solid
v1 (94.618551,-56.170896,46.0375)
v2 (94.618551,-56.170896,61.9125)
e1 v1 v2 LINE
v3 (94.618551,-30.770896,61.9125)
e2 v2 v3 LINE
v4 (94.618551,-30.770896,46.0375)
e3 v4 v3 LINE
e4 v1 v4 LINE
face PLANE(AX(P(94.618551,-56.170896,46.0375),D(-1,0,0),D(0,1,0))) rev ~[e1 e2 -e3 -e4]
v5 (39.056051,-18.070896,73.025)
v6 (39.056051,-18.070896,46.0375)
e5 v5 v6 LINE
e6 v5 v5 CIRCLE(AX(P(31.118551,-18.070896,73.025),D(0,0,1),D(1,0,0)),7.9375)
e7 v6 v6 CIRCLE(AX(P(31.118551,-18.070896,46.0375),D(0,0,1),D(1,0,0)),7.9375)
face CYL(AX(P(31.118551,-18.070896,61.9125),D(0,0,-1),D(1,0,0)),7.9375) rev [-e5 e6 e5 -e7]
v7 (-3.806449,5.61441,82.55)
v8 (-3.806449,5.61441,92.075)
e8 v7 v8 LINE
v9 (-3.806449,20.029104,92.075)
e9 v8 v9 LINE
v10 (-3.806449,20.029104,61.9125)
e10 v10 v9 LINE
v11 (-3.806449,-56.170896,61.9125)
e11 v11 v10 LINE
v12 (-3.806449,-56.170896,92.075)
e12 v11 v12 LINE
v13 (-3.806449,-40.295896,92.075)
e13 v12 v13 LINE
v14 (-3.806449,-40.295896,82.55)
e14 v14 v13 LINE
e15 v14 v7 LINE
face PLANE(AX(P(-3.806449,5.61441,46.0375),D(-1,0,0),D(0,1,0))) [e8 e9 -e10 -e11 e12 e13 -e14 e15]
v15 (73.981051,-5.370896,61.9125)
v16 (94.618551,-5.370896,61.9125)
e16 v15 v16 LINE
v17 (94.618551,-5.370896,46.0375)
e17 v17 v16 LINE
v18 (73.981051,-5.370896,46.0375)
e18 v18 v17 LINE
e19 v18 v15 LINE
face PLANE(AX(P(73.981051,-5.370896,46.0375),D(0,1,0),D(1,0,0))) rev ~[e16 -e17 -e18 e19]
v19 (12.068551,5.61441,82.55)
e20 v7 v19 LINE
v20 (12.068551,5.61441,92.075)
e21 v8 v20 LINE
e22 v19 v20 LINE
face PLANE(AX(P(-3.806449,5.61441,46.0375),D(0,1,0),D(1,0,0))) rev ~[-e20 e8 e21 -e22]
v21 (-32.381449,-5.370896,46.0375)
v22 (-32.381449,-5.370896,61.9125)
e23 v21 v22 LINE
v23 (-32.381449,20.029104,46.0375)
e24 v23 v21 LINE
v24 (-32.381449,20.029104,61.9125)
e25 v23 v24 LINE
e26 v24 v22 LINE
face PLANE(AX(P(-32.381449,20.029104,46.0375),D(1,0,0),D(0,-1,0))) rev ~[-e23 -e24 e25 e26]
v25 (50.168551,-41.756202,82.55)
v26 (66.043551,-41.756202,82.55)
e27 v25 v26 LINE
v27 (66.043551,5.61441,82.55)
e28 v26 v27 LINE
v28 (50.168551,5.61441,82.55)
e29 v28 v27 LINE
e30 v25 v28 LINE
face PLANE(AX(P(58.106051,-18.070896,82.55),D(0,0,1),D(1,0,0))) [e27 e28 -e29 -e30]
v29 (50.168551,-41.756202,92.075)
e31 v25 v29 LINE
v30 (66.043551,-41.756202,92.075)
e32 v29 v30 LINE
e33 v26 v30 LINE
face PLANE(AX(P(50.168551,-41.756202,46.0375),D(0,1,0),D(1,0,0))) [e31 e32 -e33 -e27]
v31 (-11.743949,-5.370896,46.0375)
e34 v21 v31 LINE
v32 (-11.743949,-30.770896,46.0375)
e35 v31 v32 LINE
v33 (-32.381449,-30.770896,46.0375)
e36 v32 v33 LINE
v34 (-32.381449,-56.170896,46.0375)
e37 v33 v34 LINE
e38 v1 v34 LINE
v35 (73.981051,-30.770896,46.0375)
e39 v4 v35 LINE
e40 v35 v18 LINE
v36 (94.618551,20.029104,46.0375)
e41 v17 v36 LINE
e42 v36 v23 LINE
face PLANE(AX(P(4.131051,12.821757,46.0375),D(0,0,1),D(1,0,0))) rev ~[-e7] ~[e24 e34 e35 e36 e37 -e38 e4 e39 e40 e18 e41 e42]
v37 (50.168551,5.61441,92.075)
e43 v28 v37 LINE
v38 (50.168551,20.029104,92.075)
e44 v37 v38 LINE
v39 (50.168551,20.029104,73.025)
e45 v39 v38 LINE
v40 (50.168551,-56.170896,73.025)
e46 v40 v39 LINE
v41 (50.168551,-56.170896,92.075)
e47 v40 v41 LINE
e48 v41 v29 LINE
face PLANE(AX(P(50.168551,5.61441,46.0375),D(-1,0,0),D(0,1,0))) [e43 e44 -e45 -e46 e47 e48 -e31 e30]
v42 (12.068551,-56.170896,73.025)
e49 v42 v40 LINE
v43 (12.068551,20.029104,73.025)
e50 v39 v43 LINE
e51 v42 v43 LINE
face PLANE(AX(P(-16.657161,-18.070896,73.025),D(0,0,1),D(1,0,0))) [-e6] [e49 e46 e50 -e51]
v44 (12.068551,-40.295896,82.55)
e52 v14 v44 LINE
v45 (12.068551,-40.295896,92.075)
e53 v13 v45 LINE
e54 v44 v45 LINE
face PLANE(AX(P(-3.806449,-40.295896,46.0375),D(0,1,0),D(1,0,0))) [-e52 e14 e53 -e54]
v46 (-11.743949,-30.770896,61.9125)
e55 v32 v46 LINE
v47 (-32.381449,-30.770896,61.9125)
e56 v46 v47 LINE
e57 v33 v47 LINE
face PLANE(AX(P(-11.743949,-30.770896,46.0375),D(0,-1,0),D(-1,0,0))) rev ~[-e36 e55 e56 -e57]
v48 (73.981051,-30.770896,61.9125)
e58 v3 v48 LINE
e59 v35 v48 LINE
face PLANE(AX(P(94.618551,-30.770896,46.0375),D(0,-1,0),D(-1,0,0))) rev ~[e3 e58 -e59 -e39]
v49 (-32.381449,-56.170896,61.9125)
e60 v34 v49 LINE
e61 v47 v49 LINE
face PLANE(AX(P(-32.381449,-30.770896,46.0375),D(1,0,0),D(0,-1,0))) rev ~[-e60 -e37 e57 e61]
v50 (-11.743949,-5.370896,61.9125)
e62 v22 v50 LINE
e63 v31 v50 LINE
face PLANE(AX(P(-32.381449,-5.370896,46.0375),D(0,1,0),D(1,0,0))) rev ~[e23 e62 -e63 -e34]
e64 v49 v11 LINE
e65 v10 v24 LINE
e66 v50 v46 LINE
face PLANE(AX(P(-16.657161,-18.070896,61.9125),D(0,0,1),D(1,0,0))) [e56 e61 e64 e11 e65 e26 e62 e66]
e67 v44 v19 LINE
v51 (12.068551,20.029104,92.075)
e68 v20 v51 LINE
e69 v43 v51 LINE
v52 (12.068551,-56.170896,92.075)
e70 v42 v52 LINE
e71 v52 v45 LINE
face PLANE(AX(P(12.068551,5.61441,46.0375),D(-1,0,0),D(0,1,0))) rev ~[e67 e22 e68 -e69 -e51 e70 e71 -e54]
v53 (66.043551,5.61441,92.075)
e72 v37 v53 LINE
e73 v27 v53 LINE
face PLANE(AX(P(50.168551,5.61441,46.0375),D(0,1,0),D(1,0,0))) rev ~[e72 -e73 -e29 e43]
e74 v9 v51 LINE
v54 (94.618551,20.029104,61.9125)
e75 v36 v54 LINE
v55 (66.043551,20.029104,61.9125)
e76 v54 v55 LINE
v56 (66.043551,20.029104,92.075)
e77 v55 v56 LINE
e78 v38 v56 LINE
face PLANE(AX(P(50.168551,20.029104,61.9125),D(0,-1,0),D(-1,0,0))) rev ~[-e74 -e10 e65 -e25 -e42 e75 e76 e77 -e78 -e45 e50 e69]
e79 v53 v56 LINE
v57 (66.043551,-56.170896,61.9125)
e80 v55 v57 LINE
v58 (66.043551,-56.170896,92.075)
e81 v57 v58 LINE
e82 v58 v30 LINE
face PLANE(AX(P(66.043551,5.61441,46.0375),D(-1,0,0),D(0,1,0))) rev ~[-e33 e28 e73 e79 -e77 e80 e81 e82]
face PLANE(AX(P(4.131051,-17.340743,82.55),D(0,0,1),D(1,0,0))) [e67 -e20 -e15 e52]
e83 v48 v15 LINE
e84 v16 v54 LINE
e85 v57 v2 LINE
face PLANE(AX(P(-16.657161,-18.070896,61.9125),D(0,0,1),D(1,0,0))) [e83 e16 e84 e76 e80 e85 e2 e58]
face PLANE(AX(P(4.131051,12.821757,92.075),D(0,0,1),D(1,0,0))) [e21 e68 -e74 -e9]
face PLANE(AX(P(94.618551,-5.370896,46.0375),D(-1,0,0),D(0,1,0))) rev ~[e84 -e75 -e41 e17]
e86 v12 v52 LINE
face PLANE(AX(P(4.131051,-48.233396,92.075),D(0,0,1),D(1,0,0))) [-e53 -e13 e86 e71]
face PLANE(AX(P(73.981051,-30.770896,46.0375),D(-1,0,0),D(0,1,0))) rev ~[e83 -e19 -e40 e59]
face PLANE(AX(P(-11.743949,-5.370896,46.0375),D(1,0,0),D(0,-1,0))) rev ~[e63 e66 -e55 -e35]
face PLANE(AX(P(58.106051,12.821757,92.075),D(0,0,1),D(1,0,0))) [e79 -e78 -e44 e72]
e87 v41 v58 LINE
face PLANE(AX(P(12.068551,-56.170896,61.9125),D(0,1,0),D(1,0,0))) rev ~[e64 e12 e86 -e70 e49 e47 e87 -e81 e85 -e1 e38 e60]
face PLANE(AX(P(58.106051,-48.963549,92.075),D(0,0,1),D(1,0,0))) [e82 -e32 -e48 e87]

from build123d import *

# Parameters (mm, degrees)
F0_W     = 31.75
F0_H     = 31.75
F0_R     = 15.875
F0_H_2   = 28.8293883204
F1_DEPTH = 31.75
F0_H_3   = 91.8206116796
F0_H_4   = 94.7412233591
F2_DEPTH = 73.025
F3_DEPTH = 92.075
F4_DEPTH = 22.225
F5_SCALE = 0.5


with BuildPart() as f1:
    # F0 (on Top) → F1 (new body)
    with BuildSketch(Plane.XY):
        Polygon((-114.9314489663, -5.3708956957), (-114.9314489663, -56.1708956957), (-57.7814489663, -56.1708956957), (-57.7814489663, -24.4208956957), (-57.7814489663, 67.3997159839), (-57.7814489663, 96.2291043043), (-114.9314489663, 96.2291043043), (-114.9314489663, 45.4291043043), (-73.6564489663, 45.4291043043), (-73.6564489663, -5.3708956957), align=None)
        with Locations((-41.9064489663, -40.2958956957)):
            Rectangle(F0_W, F0_H)
        Polygon((-26.0314489663, -24.4208956957), (-26.0314489663, -56.1708956957), (50.1685510337, -56.1708956957), (50.1685510337, -27.3415073752), (50.1685510337, 67.3997159839), (50.1685510337, 96.2291043043), (-26.0314489663, 96.2291043043), (-26.0314489663, 67.3997159839), align=None)
        with Locations((12.0685510337, 20.0291043043)):
            Circle(F0_R, mode=Mode.SUBTRACT)
        with Locations((66.0435510337, -41.7562015355)):
            Rectangle(F0_W, F0_H_2)
        with Locations((-41.9064489663, 81.8144101441)):
            Rectangle(F0_W, F0_H_2)
        Polygon((81.9185510337, -27.3415073752), (81.9185510337, -56.1708956957), (139.0685510337, -56.1708956957), (139.0685510337, -5.3708956957), (97.7935510337, -5.3708956957), (97.7935510337, 45.4291043043), (139.0685510337, 45.4291043043), (139.0685510337, 96.2291043043), (81.9185510337, 96.2291043043), (81.9185510337, 67.3997159839), align=None)
        with Locations((66.0435510337, 81.8144101441)):
            Rectangle(F0_W, F0_H_2)
    extrude(amount=F1_DEPTH)

    # F0 (on Top) → F2 (join)
    with BuildSketch(Plane.XY):
        with Locations((-41.9064489663, 21.4894101441)):
            Rectangle(F0_W, F0_H_3)
        with Locations((66.0435510337, 20.0291043043)):
            Rectangle(F0_W, F0_H_4)
    extrude(amount=F2_DEPTH)

    # F0 (on Top) → F3 (join)
    with BuildSketch(Plane.XY):
        with Locations((-41.9064489663, 81.8144101441)):
            Rectangle(F0_W, F0_H_2)
        with Locations((-41.9064489663, -40.2958956957)):
            Rectangle(F0_W, F0_H)
        with Locations((66.0435510337, -41.7562015355)):
            Rectangle(F0_W, F0_H_2)
        with Locations((66.0435510337, 81.8144101441)):
            Rectangle(F0_W, F0_H_2)
    extrude(amount=F3_DEPTH)

    # F4 (add): a face of the model
    f4_faces = [f1.faces().sort_by_distance(p)[0] for p in [
        (-24.3275651674, 20.0291043043, 31.75),
    ]]
    extrude(f4_faces, amount=F4_DEPTH)


with BuildPart() as f1_1:
    # F5: moved
    add(f1.part.scale(F5_SCALE).moved(Location((25.0842755169, -28.0854478478, 46.0375))))


solid = f1_1.part
